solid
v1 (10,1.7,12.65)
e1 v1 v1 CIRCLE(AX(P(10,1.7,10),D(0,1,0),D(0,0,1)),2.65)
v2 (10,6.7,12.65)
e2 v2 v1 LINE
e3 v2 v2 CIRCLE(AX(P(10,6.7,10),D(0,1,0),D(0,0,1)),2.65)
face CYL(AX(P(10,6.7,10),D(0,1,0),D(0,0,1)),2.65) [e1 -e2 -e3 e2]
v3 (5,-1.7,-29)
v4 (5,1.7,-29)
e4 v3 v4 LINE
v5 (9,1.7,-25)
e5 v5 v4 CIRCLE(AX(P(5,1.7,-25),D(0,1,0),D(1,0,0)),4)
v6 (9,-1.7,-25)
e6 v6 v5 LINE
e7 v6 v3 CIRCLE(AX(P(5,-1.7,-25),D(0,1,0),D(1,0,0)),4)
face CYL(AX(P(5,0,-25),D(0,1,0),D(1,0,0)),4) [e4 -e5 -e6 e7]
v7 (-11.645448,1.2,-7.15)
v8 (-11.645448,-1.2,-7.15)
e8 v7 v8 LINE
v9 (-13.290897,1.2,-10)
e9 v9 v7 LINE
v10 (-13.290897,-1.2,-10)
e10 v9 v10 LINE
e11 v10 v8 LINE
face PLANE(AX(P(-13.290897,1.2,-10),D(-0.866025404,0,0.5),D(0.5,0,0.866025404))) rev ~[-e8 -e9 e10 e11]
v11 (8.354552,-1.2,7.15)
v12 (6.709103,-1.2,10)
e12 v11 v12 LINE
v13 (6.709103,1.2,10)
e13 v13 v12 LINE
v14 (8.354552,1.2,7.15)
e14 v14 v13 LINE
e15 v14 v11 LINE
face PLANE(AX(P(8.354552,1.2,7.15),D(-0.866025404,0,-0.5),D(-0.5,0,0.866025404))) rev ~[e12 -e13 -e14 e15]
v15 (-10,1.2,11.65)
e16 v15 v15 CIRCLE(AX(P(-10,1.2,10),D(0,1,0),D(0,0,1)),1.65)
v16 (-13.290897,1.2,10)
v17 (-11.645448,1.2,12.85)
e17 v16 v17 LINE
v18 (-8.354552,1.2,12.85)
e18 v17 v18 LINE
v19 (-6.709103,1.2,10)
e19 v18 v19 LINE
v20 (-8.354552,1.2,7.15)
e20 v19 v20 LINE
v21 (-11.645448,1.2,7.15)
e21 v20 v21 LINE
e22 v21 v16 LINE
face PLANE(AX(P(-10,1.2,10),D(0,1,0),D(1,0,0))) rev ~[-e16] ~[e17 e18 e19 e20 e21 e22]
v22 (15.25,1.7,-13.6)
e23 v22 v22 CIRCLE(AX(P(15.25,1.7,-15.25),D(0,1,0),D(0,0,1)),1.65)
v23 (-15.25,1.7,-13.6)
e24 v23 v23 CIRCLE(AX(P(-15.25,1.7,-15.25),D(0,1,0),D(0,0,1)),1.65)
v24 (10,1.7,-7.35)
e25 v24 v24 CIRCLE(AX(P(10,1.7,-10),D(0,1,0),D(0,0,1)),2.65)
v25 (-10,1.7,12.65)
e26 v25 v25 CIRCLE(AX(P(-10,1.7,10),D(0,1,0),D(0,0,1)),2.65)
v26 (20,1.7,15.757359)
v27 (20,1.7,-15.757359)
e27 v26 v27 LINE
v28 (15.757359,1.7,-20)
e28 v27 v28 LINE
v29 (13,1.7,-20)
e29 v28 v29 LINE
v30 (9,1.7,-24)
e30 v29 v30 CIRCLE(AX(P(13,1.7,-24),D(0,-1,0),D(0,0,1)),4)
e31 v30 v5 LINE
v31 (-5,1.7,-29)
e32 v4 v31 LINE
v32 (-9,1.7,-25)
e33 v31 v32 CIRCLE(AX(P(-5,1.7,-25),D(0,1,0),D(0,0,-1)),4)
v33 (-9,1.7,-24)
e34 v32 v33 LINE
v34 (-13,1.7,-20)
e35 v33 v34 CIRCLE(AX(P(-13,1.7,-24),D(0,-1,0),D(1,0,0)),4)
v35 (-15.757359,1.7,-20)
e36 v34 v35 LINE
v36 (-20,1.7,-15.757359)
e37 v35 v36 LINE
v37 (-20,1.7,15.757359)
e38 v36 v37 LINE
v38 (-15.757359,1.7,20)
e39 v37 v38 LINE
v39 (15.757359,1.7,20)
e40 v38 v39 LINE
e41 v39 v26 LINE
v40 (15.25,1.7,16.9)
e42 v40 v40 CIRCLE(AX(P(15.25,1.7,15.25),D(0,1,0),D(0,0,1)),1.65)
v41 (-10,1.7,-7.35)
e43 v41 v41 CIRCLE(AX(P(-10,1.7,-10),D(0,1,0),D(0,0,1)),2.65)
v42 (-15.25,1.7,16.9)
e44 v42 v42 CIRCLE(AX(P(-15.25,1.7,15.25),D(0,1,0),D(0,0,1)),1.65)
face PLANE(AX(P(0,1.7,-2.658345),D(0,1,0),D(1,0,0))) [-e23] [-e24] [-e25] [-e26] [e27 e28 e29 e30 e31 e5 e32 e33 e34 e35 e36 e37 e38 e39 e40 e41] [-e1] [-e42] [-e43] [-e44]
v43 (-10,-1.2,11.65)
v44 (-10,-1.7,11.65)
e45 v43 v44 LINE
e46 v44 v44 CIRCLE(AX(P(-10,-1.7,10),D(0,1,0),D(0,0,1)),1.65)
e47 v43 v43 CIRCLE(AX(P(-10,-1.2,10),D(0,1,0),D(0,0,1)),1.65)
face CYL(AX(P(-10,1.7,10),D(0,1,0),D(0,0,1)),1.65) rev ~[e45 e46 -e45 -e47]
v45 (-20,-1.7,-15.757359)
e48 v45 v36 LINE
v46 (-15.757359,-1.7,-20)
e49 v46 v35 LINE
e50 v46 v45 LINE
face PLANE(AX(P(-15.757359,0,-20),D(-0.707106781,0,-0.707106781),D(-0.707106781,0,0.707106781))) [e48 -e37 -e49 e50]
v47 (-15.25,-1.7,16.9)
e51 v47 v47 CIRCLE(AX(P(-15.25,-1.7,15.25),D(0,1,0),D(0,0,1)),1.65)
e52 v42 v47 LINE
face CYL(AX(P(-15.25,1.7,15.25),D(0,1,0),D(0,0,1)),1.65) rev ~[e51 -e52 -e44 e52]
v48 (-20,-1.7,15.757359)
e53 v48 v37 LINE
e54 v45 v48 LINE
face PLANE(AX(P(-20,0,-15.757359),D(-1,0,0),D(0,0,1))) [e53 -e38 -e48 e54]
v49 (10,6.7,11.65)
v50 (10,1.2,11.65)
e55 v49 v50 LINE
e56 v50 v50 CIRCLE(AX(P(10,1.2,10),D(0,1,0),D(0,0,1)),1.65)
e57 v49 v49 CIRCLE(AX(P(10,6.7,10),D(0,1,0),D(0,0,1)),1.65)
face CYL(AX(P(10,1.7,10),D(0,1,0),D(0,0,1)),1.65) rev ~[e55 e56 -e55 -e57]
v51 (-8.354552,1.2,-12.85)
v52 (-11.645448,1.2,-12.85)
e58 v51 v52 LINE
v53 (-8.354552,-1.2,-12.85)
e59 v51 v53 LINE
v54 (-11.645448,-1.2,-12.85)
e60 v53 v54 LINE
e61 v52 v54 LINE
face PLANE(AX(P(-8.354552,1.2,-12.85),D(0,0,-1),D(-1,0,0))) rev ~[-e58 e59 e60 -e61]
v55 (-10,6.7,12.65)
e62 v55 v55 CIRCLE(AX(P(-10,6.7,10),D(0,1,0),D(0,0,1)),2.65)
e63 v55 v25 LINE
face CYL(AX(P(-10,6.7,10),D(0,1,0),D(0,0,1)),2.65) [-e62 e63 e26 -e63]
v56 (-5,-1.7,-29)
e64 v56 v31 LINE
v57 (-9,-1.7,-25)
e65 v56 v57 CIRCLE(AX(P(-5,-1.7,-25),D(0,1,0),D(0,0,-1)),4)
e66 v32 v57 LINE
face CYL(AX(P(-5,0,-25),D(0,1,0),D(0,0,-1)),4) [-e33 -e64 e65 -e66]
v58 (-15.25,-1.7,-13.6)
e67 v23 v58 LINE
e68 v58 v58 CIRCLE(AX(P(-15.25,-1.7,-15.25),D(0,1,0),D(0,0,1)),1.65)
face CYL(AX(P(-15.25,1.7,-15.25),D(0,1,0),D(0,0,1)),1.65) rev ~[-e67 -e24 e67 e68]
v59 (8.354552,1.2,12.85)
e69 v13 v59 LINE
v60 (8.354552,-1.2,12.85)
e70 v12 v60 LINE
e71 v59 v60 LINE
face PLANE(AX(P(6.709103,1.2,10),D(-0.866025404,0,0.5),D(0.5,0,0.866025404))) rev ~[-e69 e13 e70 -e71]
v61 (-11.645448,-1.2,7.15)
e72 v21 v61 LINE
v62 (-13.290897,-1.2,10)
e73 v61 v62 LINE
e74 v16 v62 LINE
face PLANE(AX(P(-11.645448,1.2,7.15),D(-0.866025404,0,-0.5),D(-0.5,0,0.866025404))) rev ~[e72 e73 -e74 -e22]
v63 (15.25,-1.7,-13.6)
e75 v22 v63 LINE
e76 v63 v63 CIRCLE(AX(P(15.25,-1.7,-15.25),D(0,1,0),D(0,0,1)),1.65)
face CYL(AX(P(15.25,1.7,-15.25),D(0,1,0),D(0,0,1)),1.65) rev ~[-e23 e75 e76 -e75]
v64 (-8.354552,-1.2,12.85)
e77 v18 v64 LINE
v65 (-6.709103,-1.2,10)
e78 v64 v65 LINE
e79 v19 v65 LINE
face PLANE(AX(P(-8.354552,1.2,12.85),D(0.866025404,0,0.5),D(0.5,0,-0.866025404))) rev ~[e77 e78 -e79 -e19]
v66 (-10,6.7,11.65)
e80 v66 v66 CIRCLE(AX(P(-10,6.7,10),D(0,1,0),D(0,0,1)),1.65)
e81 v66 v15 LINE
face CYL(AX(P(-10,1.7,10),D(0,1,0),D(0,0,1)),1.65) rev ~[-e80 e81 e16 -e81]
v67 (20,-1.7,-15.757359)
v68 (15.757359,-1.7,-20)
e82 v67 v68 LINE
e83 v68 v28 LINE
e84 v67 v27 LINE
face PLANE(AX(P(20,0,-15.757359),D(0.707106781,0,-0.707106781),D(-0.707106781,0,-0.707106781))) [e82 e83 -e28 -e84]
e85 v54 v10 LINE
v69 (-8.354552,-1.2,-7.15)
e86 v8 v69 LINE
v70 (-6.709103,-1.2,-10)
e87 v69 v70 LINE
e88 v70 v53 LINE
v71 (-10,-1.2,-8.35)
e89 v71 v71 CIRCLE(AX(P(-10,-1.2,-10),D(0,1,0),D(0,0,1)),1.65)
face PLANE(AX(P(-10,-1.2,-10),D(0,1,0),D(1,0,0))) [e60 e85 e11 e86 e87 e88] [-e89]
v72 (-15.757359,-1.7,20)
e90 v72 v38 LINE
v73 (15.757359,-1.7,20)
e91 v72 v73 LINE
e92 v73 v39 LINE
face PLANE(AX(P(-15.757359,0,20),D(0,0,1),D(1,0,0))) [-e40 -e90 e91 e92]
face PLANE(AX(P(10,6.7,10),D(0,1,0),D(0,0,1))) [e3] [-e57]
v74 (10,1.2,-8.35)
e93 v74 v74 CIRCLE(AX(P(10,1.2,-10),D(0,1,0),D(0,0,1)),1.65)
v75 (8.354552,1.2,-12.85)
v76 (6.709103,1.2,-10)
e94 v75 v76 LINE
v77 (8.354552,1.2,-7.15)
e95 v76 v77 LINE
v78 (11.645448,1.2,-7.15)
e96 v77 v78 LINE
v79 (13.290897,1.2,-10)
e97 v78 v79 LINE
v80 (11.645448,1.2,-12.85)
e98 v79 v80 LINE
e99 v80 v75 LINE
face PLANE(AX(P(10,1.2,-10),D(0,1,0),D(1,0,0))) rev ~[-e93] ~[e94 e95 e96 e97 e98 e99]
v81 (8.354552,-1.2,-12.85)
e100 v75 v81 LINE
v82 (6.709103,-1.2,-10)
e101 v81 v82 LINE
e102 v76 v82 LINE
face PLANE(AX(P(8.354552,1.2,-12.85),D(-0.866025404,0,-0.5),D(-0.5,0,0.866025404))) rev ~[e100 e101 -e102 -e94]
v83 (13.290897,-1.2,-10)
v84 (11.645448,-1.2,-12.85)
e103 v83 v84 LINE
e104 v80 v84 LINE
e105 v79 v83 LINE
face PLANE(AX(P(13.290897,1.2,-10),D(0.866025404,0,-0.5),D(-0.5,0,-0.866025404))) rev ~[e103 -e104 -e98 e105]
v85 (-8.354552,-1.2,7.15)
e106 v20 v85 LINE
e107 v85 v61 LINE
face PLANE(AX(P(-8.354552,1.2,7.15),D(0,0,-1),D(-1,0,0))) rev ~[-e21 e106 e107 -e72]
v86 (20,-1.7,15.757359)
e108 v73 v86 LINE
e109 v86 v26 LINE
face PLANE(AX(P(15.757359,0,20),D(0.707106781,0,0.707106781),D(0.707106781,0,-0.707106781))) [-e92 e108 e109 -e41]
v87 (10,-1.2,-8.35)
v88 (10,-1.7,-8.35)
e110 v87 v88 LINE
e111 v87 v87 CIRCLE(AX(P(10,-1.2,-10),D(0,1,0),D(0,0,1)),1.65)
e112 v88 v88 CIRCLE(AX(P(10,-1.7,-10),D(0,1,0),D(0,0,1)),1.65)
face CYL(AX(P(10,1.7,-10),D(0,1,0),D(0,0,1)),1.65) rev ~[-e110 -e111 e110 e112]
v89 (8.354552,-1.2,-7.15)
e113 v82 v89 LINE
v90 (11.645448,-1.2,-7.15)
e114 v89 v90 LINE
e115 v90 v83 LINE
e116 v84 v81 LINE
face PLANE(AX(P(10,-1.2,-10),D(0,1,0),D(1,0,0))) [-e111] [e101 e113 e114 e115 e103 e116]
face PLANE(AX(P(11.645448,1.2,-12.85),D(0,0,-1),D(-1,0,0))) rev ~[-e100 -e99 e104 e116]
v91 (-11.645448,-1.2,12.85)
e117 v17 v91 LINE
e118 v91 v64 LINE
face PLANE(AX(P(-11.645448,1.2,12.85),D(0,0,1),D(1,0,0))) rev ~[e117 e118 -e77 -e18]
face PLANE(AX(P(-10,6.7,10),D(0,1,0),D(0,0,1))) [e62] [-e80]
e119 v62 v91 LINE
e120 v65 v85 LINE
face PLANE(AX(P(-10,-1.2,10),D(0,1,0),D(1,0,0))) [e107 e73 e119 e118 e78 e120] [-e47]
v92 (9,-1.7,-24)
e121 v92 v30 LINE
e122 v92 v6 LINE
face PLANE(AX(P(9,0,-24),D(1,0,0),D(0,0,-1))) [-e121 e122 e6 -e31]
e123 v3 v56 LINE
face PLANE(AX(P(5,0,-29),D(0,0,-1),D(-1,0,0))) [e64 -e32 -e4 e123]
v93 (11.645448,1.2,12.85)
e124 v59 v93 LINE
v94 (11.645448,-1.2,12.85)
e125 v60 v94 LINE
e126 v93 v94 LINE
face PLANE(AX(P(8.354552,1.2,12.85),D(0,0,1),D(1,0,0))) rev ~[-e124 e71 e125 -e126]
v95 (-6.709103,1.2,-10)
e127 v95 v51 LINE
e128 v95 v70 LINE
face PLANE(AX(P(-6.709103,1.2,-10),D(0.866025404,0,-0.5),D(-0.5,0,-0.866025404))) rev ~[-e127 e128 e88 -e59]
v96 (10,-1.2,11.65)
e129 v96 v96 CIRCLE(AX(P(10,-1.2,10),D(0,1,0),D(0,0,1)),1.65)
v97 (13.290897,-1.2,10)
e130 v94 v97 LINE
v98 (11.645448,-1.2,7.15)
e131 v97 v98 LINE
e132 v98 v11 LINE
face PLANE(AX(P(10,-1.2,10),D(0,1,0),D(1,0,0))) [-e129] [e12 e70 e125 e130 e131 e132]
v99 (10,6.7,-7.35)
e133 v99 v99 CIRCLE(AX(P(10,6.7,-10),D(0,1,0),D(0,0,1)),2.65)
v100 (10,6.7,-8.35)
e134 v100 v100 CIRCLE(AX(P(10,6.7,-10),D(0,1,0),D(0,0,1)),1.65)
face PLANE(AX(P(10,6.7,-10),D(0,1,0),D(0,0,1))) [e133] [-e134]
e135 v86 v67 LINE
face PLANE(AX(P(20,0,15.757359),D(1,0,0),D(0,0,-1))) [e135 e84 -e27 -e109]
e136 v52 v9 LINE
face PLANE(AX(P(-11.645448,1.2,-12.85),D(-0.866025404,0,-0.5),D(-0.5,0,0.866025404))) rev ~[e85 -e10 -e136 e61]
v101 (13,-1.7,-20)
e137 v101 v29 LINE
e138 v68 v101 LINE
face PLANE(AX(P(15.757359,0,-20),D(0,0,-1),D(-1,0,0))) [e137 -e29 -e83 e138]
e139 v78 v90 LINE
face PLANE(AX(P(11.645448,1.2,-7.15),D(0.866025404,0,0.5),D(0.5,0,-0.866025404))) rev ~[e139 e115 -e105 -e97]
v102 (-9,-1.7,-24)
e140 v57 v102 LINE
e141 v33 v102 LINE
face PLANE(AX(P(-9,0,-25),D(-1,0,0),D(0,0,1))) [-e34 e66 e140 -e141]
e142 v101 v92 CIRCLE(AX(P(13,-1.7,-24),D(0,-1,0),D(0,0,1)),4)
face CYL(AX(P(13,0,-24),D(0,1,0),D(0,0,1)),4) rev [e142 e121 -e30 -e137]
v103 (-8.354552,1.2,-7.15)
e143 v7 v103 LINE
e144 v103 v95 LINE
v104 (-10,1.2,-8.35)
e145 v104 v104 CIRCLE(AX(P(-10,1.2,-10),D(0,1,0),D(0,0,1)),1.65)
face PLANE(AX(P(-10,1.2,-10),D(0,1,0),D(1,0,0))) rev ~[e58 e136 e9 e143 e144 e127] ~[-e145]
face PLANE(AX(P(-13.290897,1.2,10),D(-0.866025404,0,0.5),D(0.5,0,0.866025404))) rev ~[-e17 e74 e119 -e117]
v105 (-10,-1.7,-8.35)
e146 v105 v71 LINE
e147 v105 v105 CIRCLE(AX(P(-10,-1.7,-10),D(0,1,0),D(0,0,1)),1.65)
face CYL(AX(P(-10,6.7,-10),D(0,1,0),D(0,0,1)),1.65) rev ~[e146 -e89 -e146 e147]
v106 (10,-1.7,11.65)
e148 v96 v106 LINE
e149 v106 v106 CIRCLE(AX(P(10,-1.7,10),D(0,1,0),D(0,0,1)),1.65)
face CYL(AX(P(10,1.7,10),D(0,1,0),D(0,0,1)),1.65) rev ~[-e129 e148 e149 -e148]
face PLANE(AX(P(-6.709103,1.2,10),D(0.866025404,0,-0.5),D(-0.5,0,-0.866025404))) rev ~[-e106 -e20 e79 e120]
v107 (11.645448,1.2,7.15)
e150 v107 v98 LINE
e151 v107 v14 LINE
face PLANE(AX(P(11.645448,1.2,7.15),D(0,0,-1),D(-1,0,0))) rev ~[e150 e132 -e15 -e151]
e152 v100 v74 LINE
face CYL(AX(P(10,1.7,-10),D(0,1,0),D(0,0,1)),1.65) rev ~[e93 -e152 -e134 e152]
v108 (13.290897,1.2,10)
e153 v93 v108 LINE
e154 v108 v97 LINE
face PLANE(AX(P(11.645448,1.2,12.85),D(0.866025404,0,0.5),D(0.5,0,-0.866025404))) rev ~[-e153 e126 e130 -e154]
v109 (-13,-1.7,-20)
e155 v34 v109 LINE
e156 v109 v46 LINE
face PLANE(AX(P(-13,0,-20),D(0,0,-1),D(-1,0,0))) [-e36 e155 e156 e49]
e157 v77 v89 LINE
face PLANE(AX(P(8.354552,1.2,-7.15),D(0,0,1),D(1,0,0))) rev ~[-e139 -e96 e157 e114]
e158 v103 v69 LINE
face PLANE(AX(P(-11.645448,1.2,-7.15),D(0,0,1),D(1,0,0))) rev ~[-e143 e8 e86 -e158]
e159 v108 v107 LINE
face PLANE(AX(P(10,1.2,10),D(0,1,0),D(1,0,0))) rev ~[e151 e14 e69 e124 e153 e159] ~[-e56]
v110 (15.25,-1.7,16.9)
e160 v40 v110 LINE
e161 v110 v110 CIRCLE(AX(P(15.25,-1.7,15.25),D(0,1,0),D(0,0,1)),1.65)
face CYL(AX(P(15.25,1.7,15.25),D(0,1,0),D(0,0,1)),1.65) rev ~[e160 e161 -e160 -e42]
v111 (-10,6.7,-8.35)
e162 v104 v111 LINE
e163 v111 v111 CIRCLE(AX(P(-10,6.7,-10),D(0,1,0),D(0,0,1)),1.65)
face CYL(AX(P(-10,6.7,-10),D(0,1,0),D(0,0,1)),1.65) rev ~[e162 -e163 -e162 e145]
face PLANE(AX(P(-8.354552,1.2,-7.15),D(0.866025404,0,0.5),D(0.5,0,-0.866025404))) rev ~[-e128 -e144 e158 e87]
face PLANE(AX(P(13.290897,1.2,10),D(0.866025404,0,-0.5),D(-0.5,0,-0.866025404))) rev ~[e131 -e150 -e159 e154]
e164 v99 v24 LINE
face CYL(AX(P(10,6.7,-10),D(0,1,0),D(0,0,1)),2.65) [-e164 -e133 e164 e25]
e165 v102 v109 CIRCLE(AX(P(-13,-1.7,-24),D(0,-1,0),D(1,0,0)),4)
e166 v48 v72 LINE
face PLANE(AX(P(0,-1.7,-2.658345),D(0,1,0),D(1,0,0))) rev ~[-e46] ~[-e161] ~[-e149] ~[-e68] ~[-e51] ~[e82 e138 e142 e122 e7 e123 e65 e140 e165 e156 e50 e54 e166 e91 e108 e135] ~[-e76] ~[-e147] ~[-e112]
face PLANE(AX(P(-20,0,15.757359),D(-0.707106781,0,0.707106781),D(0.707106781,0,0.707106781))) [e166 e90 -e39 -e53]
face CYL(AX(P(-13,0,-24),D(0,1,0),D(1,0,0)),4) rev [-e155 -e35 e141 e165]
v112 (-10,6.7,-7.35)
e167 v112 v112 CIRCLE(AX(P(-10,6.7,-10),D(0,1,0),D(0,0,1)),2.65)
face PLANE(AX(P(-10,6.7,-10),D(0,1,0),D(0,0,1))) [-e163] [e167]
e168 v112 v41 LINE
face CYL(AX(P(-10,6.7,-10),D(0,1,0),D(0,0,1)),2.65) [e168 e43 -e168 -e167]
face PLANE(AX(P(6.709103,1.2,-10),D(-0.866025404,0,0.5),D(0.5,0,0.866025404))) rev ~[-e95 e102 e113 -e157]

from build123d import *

# Parameters (mm, degrees)
BOSS_EXTRUDE1_DEPTH = 1.7
SKETCH2_R           = 1.65
CUT_EXTRUDE1_DEPTH  = 3.4
BOSS_EXTRUDE2_START = 5
SKETCH3_R           = 2.65
SKETCH3_R_2         = 1.65
BOSS_EXTRUDE2_DEPTH = 5
CUT_EXTRUDE2_START  = -0.5
CUT_EXTRUDE2_DEPTH  = 2.4


with BuildPart() as part:
    # Sketch1 → Boss-Extrude1 (new, symmetric)
    with BuildSketch(Plane(origin=(0, 0, 0), x_dir=(1, 0, 0), z_dir=(0, 1, 0))):
        with BuildLine():
            Line((-13, 20), (-15.757359313, 20))
            Line((-15.757359313, 20), (-20, 15.757359313))
            Line((-20, 15.757359313), (-20, -15.757359313))
            Line((-20, -15.757359313), (-15.757359313, -20))
            Line((-15.757359313, -20), (15.757359313, -20))
            Line((15.757359313, -20), (20, -15.757359313))
            Line((20, -15.757359313), (20, 15.757359313))
            Line((20, 15.757359313), (15.757359313, 20))
            Line((15.757359313, 20), (13, 20))
            ThreePointArc((13, 20), (10.171572875, 21.171572875), (9, 24))
            Line((9, 24), (9, 25))
            ThreePointArc((9, 25), (7.828427125, 27.828427125), (5, 29))
            Line((5, 29), (-5, 29))
            ThreePointArc((-5, 29), (-7.828427125, 27.828427125), (-9, 25))
            Line((-9, 25), (-9, 24))
            ThreePointArc((-9, 24), (-10.171572875, 21.171572875), (-13, 20))
        make_face()
    extrude(amount=BOSS_EXTRUDE1_DEPTH, both=True)

    # Sketch2 → Cut-Extrude1 (cut)
    with BuildSketch(Plane(origin=(0, 1.7, 0), x_dir=(1, 0, 0), z_dir=(0, 1, 0))):
        with Locations(Location((-10, 10, 0), (0, 0, 270))):
            Circle(SKETCH2_R)
        with Locations(Location((10, 10, 0), (0, 0, 270))):
            Circle(SKETCH2_R)
        with Locations(Location((-10, -10, 0), (0, 0, 270))):
            Circle(SKETCH2_R)
        with Locations(Location((10, -10, 0), (0, 0, 270))):
            Circle(SKETCH2_R)
        with Locations(Location((-15.25, -15.25, 0), (0, 0, 270))):
            Circle(SKETCH2_R)
        with Locations(Location((-15.25, 15.25, 0), (0, 0, 270))):
            Circle(SKETCH2_R)
        with Locations(Location((15.25, 15.25, 0), (0, 0, 270))):
            Circle(SKETCH2_R)
        with Locations(Location((15.25, -15.25, 0), (0, 0, 270))):
            Circle(SKETCH2_R)
    extrude(amount=-CUT_EXTRUDE1_DEPTH, mode=Mode.SUBTRACT)

    # Sketch3 → Boss-Extrude2 (add)
    # profile 1 of 4: a face of its own
    with BuildSketch(Plane(origin=(0, 1.7, 0), x_dir=(1, 0, 0), z_dir=(0, 1, 0)).offset(BOSS_EXTRUDE2_START)):
        with Locations(Location((-10, 10, 0), (0, 0, 270))):
            Circle(SKETCH3_R)
        with Locations(Location((-10, 10, 0), (0, 0, 270))):
            Circle(SKETCH3_R_2, mode=Mode.SUBTRACT)
    # profile 2 of 4: a face of its own
    with BuildSketch(Plane(origin=(0, 1.7, 0), x_dir=(1, 0, 0), z_dir=(0, 1, 0)).offset(BOSS_EXTRUDE2_START)):
        with Locations(Location((10, 10, 0), (0, 0, 270))):
            Circle(SKETCH3_R)
        with Locations(Location((10, 10, 0), (0, 0, 270))):
            Circle(SKETCH3_R_2, mode=Mode.SUBTRACT)
    # profile 3 of 4: a face of its own
    with BuildSketch(Plane(origin=(0, 1.7, 0), x_dir=(1, 0, 0), z_dir=(0, 1, 0)).offset(BOSS_EXTRUDE2_START)):
        with Locations(Location((10, -10, 0), (0, 0, 270))):
            Circle(SKETCH3_R)
        with Locations(Location((10, -10, 0), (0, 0, 270))):
            Circle(SKETCH3_R_2, mode=Mode.SUBTRACT)
    # profile 4 of 4: a face of its own
    with BuildSketch(Plane(origin=(0, 1.7, 0), x_dir=(1, 0, 0), z_dir=(0, 1, 0)).offset(BOSS_EXTRUDE2_START)):
        with Locations(Location((-10, -10, 0), (0, 0, 270))):
            Circle(SKETCH3_R)
        with Locations(Location((-10, -10, 0), (0, 0, 270))):
            Circle(SKETCH3_R_2, mode=Mode.SUBTRACT)
    extrude(amount=-BOSS_EXTRUDE2_DEPTH)

    # Sketch4 → Cut-Extrude2 (cut)
    with BuildSketch(Plane(origin=(0, 1.7, 0), x_dir=(1, 0, 0), z_dir=(0, 1, 0)).offset(CUT_EXTRUDE2_START)):
        Polygon((-6.709103466, 10), (-8.354551733, 12.85), (-11.645448267, 12.85), (-13.290896534, 10), (-11.645448267, 7.15), (-8.354551733, 7.15), align=None)
        Polygon((13.290896534, 10), (11.645448267, 12.85), (8.354551733, 12.85), (6.709103466, 10), (8.354551733, 7.15), (11.645448267, 7.15), align=None)
        Polygon((13.290896534, -10), (11.645448267, -7.15), (8.354551733, -7.15), (6.709103466, -10), (8.354551733, -12.85), (11.645448267, -12.85), align=None)
        Polygon((-6.709103466, -10), (-8.354551733, -7.15), (-11.645448267, -7.15), (-13.290896534, -10), (-11.645448267, -12.85), (-8.354551733, -12.85), align=None)
    extrude(amount=-CUT_EXTRUDE2_DEPTH, mode=Mode.SUBTRACT)


solid = part.part
